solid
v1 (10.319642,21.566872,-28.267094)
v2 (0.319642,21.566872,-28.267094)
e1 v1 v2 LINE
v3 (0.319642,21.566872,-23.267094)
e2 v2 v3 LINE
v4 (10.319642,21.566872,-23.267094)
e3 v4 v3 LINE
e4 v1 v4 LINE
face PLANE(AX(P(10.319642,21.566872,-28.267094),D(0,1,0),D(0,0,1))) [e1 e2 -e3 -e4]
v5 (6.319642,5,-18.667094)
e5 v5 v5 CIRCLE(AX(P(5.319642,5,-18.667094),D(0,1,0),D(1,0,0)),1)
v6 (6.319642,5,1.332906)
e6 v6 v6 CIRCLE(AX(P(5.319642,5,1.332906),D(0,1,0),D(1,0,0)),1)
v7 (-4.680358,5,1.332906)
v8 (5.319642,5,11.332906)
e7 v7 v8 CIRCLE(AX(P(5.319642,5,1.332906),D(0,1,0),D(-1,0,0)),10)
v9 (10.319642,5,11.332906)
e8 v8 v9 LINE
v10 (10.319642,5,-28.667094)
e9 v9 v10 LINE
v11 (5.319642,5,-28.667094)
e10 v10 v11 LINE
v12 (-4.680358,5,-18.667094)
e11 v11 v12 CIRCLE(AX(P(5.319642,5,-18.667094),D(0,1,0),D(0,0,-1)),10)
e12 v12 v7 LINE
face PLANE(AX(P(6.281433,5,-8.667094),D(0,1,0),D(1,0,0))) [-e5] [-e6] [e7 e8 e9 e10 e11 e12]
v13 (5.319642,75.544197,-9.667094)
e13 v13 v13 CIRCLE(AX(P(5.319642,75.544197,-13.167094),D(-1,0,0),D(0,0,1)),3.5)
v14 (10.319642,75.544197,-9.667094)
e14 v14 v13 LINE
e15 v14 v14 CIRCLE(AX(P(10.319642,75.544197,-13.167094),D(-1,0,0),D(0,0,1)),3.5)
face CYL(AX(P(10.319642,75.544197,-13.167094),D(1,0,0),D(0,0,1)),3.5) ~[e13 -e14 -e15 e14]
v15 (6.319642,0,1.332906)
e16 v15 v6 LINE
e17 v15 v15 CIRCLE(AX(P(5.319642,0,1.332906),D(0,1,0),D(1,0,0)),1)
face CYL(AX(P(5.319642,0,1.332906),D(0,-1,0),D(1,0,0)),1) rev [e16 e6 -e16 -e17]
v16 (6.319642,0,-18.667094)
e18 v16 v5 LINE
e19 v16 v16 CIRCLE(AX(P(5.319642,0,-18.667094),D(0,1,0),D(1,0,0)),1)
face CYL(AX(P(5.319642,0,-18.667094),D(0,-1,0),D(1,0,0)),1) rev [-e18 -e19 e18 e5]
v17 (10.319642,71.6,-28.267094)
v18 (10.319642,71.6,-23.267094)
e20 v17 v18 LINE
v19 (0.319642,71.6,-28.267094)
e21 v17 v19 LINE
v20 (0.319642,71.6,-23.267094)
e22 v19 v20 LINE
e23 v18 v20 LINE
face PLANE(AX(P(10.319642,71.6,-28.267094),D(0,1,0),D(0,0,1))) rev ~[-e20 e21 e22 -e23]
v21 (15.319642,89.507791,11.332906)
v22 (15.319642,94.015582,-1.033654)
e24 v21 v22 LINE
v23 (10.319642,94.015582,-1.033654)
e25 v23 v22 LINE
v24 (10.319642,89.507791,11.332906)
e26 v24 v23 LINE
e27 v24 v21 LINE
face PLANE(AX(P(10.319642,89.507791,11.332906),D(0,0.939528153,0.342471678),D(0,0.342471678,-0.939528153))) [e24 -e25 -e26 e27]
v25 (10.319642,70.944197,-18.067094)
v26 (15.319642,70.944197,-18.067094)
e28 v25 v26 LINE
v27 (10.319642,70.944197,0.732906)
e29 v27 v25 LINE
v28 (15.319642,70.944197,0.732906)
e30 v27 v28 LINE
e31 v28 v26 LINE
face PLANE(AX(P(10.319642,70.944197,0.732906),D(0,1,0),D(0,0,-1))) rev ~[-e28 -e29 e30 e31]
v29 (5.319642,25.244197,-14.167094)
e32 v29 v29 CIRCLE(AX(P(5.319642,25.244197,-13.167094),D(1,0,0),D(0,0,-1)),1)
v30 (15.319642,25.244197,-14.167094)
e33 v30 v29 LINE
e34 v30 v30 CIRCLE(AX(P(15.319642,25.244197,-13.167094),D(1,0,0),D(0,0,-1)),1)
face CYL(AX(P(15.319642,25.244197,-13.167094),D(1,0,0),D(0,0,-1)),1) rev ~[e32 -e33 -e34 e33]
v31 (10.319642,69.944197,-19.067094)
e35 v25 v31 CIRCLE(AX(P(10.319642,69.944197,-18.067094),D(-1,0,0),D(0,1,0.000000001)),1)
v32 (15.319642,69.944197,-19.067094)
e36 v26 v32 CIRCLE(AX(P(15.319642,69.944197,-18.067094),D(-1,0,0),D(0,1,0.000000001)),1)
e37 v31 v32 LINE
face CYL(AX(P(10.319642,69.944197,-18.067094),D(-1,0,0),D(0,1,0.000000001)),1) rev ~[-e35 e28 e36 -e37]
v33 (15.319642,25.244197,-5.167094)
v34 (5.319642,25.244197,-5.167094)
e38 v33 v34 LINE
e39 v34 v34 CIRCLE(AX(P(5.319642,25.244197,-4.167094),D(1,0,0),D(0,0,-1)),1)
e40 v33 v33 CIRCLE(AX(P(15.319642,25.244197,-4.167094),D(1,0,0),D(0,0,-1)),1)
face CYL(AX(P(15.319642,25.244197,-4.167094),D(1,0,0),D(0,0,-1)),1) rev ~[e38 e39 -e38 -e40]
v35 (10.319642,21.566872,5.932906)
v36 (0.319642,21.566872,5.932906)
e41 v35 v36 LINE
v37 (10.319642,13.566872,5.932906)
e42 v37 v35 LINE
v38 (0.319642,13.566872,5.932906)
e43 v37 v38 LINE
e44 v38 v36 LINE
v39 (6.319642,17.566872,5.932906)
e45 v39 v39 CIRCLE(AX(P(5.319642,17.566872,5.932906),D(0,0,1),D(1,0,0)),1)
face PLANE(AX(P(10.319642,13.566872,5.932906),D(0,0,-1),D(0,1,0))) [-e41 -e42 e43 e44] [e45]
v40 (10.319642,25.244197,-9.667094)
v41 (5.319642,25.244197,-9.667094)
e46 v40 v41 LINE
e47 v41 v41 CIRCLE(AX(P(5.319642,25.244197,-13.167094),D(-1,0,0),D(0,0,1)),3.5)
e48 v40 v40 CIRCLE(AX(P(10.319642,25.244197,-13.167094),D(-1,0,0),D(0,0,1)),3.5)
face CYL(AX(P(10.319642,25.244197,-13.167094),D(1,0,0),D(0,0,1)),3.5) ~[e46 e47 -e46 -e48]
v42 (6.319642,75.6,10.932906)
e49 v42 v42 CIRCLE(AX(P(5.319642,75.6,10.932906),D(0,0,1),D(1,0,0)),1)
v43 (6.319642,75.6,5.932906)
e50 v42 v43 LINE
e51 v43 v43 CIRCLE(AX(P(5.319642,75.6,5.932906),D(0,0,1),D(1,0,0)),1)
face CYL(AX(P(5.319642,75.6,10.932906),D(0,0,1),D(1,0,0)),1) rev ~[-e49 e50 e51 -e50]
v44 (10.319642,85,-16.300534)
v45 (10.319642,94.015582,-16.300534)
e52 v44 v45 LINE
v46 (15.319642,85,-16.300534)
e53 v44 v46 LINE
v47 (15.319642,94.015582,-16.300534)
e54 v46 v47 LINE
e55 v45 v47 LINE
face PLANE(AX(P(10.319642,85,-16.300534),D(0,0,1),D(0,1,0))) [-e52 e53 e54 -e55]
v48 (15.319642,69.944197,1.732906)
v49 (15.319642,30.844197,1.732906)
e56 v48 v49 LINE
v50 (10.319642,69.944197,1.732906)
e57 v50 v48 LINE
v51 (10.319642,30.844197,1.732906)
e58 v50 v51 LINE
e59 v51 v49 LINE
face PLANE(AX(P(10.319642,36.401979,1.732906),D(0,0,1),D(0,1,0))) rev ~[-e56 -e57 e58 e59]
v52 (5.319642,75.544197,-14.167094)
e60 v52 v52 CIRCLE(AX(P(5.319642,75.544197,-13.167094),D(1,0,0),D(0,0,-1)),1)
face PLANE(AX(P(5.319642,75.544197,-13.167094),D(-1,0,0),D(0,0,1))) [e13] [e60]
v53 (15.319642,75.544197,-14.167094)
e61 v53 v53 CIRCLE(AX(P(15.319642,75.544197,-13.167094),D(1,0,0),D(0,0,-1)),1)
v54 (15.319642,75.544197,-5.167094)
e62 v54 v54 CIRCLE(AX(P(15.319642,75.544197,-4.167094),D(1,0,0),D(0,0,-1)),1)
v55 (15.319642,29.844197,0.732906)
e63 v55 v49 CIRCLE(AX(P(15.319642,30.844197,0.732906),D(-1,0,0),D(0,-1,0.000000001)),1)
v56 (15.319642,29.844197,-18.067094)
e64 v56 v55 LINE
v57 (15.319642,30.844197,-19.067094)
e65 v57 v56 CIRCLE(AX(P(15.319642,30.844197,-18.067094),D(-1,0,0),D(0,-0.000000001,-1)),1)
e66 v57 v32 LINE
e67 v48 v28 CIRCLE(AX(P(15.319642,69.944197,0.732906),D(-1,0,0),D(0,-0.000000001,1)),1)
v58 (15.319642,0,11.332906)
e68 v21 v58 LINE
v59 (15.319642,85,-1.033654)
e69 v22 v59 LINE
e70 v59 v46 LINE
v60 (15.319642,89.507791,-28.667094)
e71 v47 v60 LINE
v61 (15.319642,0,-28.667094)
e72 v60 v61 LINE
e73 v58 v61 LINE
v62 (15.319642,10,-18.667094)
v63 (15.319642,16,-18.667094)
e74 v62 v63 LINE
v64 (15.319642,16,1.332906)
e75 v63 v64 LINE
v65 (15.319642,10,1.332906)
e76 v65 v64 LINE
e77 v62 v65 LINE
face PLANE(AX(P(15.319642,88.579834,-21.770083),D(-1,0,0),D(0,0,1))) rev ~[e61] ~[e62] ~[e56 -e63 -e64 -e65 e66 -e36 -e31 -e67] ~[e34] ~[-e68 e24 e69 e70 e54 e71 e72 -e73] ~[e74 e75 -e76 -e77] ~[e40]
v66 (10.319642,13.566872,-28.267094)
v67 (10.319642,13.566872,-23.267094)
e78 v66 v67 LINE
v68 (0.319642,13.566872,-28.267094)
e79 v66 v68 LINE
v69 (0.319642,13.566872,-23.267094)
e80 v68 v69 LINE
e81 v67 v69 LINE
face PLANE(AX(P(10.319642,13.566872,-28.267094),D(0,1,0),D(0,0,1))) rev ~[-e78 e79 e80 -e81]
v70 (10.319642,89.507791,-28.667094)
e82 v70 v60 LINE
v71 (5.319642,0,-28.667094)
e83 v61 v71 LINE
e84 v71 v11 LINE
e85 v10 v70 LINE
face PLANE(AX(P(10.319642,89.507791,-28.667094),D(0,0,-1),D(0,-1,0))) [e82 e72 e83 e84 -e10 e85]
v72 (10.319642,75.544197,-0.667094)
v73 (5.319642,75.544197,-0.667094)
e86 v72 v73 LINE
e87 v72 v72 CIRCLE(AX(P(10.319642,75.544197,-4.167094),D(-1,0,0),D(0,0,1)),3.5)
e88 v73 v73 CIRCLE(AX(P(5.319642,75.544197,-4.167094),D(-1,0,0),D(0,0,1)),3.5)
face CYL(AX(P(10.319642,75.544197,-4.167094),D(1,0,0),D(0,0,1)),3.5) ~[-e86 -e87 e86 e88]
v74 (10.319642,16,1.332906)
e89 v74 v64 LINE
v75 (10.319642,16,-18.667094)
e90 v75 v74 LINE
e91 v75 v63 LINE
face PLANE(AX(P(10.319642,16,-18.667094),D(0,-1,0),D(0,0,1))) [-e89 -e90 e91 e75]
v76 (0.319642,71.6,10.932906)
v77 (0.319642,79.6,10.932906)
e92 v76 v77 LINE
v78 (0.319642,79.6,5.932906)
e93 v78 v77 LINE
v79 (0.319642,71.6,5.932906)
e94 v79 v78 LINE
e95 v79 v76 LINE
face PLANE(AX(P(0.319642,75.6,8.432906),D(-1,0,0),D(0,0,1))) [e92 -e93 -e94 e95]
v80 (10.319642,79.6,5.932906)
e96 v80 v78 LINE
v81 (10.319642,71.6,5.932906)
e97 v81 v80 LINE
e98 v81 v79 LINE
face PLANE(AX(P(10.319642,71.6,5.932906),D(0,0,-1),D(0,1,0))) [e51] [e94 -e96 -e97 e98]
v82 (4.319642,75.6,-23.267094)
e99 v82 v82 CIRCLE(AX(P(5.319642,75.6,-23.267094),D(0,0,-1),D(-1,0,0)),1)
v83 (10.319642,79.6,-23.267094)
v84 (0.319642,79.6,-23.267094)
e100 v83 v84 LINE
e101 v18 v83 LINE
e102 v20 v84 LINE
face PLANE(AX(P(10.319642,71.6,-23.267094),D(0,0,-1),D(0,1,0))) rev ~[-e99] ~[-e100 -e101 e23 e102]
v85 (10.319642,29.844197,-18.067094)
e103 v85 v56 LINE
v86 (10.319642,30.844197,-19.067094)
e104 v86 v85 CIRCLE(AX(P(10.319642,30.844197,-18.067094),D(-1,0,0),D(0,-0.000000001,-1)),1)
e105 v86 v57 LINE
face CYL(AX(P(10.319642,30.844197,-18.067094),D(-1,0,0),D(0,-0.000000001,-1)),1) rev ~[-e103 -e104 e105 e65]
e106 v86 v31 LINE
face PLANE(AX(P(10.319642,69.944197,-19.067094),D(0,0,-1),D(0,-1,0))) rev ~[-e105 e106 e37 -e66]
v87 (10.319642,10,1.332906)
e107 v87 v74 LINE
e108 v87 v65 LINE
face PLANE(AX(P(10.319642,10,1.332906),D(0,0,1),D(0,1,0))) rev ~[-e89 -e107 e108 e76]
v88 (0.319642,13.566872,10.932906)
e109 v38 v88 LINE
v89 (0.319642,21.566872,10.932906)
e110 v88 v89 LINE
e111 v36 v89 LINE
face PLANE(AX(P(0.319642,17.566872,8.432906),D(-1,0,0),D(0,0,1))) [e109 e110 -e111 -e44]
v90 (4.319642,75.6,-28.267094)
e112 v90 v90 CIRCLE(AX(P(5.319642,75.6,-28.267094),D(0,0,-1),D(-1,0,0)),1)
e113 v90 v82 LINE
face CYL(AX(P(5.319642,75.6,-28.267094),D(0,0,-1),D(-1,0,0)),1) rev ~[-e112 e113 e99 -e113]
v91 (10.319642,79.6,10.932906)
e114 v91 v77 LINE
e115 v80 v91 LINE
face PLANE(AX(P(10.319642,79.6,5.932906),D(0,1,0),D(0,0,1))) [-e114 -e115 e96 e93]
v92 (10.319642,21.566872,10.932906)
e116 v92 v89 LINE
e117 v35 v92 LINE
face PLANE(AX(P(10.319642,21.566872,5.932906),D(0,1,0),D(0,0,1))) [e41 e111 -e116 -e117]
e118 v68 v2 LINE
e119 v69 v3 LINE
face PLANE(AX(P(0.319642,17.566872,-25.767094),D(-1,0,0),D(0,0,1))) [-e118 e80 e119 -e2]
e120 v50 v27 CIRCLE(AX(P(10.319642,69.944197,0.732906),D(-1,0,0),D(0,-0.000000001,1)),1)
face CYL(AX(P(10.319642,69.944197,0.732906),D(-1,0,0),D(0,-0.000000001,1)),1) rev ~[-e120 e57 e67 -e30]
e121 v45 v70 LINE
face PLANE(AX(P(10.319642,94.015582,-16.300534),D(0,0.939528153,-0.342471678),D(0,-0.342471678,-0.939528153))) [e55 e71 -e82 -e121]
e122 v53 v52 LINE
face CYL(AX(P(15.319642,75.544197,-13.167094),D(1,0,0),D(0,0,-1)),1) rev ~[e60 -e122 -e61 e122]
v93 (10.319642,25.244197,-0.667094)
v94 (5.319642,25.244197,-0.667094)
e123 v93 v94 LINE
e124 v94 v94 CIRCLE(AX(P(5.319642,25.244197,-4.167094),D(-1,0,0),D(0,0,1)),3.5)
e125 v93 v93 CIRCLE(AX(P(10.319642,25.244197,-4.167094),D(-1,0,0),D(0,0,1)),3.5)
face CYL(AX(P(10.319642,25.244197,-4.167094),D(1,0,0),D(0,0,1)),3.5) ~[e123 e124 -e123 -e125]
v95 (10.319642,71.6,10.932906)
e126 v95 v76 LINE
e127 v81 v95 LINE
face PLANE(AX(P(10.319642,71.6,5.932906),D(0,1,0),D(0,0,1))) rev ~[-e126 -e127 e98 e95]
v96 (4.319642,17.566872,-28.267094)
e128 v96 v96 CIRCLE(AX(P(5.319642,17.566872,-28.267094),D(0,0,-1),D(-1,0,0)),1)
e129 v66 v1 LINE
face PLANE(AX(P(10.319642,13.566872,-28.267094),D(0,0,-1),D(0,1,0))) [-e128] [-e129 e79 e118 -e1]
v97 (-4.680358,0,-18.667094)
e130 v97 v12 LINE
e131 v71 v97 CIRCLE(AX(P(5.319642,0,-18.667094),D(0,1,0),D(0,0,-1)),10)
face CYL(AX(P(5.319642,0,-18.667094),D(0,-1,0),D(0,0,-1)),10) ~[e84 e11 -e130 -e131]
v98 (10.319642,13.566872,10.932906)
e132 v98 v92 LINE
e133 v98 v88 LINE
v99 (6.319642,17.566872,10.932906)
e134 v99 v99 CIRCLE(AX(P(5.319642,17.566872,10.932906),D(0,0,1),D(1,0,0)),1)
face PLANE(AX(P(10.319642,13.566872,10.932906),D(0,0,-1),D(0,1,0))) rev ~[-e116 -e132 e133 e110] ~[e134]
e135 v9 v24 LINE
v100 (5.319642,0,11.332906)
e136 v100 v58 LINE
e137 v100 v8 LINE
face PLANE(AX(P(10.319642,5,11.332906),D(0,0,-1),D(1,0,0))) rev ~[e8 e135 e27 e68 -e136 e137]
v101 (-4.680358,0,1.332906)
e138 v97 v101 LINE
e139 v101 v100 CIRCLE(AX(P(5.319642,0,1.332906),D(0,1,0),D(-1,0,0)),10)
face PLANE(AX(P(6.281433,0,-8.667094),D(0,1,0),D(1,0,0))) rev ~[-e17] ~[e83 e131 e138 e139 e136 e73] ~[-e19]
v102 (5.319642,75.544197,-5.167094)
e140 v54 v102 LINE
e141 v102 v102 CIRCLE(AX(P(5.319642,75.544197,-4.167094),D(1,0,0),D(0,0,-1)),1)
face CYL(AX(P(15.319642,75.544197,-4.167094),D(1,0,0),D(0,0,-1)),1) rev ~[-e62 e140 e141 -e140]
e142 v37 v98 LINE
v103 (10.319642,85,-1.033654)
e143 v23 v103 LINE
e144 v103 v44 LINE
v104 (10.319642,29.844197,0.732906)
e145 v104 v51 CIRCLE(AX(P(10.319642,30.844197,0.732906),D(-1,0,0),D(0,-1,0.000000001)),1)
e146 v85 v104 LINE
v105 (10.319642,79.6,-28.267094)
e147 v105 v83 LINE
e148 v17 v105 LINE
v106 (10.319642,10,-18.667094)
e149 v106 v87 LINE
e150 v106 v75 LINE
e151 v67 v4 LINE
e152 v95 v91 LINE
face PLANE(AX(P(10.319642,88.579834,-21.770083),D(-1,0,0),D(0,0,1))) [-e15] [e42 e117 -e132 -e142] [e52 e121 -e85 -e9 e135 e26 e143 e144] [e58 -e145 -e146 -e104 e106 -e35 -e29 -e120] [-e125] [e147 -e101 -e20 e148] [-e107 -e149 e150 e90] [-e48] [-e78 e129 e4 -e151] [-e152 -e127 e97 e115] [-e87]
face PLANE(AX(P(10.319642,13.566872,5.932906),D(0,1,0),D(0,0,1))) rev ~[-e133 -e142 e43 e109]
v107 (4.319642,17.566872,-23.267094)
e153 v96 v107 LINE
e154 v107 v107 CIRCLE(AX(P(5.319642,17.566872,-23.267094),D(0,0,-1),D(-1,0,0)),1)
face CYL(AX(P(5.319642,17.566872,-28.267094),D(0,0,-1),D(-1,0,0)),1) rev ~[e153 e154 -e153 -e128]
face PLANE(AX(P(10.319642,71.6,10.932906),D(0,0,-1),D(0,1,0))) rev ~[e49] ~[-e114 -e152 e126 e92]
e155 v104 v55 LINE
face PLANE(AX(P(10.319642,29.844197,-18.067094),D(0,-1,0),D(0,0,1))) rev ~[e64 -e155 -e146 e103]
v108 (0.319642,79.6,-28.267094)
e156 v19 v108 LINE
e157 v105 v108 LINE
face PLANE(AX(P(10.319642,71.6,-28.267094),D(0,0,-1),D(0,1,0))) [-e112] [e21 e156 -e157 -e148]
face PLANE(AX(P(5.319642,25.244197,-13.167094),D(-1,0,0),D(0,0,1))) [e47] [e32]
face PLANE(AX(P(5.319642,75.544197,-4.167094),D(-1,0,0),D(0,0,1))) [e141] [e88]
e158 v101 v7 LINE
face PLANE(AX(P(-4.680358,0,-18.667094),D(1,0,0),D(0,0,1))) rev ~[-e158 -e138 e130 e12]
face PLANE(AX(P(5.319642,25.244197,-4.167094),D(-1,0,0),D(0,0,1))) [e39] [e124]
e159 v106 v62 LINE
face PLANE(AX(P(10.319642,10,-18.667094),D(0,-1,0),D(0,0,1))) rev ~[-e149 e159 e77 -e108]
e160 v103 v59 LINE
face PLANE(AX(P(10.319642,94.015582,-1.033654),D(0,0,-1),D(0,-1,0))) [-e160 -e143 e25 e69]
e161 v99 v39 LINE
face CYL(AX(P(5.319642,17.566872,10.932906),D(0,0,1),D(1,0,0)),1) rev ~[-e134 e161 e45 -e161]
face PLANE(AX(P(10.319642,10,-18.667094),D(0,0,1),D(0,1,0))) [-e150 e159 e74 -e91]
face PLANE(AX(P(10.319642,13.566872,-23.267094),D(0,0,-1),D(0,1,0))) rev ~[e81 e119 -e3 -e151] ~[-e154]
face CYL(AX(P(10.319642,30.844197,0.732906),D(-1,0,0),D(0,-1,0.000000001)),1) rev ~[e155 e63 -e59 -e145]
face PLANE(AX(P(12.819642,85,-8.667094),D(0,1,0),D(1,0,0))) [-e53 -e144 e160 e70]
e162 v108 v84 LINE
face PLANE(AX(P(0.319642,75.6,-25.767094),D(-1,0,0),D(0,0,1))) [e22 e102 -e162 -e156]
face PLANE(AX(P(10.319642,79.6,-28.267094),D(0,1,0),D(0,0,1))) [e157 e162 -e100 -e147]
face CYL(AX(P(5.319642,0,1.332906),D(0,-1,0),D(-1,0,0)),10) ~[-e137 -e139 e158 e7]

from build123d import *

# Parameters (mm, degrees)
SKETCH1_R           = 1
BOSS_EXTRUDE1_DEPTH = 5
SKETCH2_W           = 5
SKETCH2_H           = 40
BOSS_EXTRUDE2_DEPTH = 80
SKETCH3_R           = 2.22
CUT_EXTRUDE3_DEPTH  = 80
SKETCH5_R           = 2.22
SKETCH5_R_2         = 1
BOSS_EXTRUDE3_DEPTH = 10
SKETCH6_R           = 3.5
SKETCH6_R_2         = 2.22
BOSS_EXTRUDE4_DEPTH = 5
SKETCH7_W           = 18.8
SKETCH7_H           = 4.557781783
CUT_EXTRUDE4_DEPTH  = 10
BOSS_EXTRUDE5_DEPTH = 5
SKETCH9_W           = 20
SKETCH9_H           = 6
CUT_EXTRUDE7_DEPTH  = 10
SKETCH10_W          = 5
SKETCH10_H          = 8
BOSS_EXTRUDE6_DEPTH = 10
SKETCH11_R          = 1
CUT_EXTRUDE9_DEPTH  = 8
SKETCH12_R          = 1
CUT_EXTRUDE10_DEPTH = 8


with BuildPart() as part:
    # Sketch1 → Boss-Extrude1 (new body)
    with BuildSketch(Plane(origin=(0, 0, 0), x_dir=(1, 0, 0), z_dir=(0, 1, 0))):
        with BuildLine():
            Line((5.319641756, -11.332905968), (15.319641756, -11.332905968))
            Line((15.319641756, -11.332905968), (15.319641756, 28.667094032))
            Line((15.319641756, 28.667094032), (5.319641756, 28.667094032))
            ThreePointArc((5.319641756, 28.667094032), (-1.751426056, 25.738161844), (-4.680358244, 18.667094032))
            Line((-4.680358244, 18.667094032), (-4.680358244, -1.332905968))
            ThreePointArc((-4.680358244, -1.332905968), (-1.751426056, -8.40397378), (5.319641756, -11.332905968))
        make_face()
        with Locations((5.319641756, 18.667094032)):
            Circle(SKETCH1_R, mode=Mode.SUBTRACT)
        with Locations((5.319641756, -1.332905968)):
            Circle(SKETCH1_R, mode=Mode.SUBTRACT)
    extrude(amount=BOSS_EXTRUDE1_DEPTH)

    # Sketch2 → Boss-Extrude2 (add)
    with BuildSketch(Plane(origin=(0, 5, 0), x_dir=(1, 0, 0), z_dir=(0, 1, 0))):
        with Locations((12.819641756, 8.667094032)):
            Rectangle(SKETCH2_W, SKETCH2_H)
    extrude(amount=BOSS_EXTRUDE2_DEPTH)

    # Sketch3 → Cut-Extrude3 (cut)
    with BuildSketch(Plane.ZY.offset(-10.319641756)):
        with BuildLine():
            ThreePointArc((0.732905968, 35.401978793), (1.440012749, 35.694872012), (1.732905968, 36.401978793))
            Line((1.732905968, 36.401978793), (1.732905968, 69.94419701))
            ThreePointArc((1.732905968, 69.94419701), (1.440012749, 70.651303792), (0.732905968, 70.94419701))
            Line((0.732905968, 70.94419701), (-18.067094032, 70.94419701))
            ThreePointArc((-18.067094032, 70.94419701), (-18.774200813, 70.651303792), (-19.067094032, 69.94419701))
            Line((-19.067094032, 69.94419701), (-19.067094032, 36.401978793))
            ThreePointArc((-19.067094032, 36.401978793), (-18.774200813, 35.694872012), (-18.067094032, 35.401978793))
            Line((-18.067094032, 35.401978793), (0.732905968, 35.401978793))
        make_face()
        with Locations((-13.167094032, 75.54419701)):
            Circle(SKETCH3_R)
        with Locations((-13.167094032, 25.24419701)):
            Circle(SKETCH3_R)
        with Locations((-4.167094032, 25.24419701)):
            Circle(SKETCH3_R)
        with Locations((-4.167094032, 75.54419701)):
            Circle(SKETCH3_R)
    extrude(amount=-CUT_EXTRUDE3_DEPTH, mode=Mode.SUBTRACT)

    # Sketch5 → Boss-Extrude3 (add)
    with BuildSketch(Plane(origin=(15.319641756, 0, 0), x_dir=(0, 0, -1), z_dir=(1, 0, 0))):
        with Locations((4.167094032, 25.24419701)):
            Circle(SKETCH5_R)
        with Locations((4.167094032, 25.24419701)):
            Circle(SKETCH5_R_2, mode=Mode.SUBTRACT)
        with Locations((13.167094032, 25.24419701)):
            Circle(SKETCH5_R)
        with Locations((13.167094032, 25.24419701)):
            Circle(SKETCH5_R_2, mode=Mode.SUBTRACT)
        with Locations((4.167094032, 75.54419701)):
            Circle(SKETCH5_R)
        with Locations((4.167094032, 75.54419701)):
            Circle(SKETCH5_R_2, mode=Mode.SUBTRACT)
        with Locations((13.167094032, 75.54419701)):
            Circle(SKETCH5_R)
        with Locations((13.167094032, 75.54419701)):
            Circle(SKETCH5_R_2, mode=Mode.SUBTRACT)
    extrude(amount=-BOSS_EXTRUDE3_DEPTH)

    # Sketch6 → Boss-Extrude4 (add)
    with BuildSketch(Plane.ZY.offset(-10.319641756)):
        with Locations((-4.167094032, 25.24419701)):
            Circle(SKETCH6_R)
        with Locations((-4.167094032, 25.24419701)):
            Circle(SKETCH6_R_2, mode=Mode.SUBTRACT)
        with Locations((-13.167094032, 25.24419701)):
            Circle(SKETCH6_R)
        with Locations((-13.167094032, 25.24419701)):
            Circle(SKETCH6_R_2, mode=Mode.SUBTRACT)
        with Locations((-4.167094032, 75.54419701)):
            Circle(SKETCH6_R)
        with Locations((-4.167094032, 75.54419701)):
            Circle(SKETCH6_R_2, mode=Mode.SUBTRACT)
        with Locations((-13.167094032, 75.54419701)):
            Circle(SKETCH6_R)
        with Locations((-13.167094032, 75.54419701)):
            Circle(SKETCH6_R_2, mode=Mode.SUBTRACT)
    extrude(amount=BOSS_EXTRUDE4_DEPTH)

    # Sketch7 → Cut-Extrude4 (cut)
    with BuildSketch(Plane.ZY.offset(-10.319641756)):
        with BuildLine():
            ThreePointArc((1.732905968, 36.401978793), (1.627333159, 35.954765198), (1.332905968, 35.601978793))
            Line((1.332905968, 35.601978793), (1.332905968, 30.84419701))
            ThreePointArc((1.332905968, 30.84419701), (1.157170037, 30.419932942), (0.732905968, 30.24419701))
            Line((0.732905968, 30.24419701), (-18.067094032, 30.24419701))
            ThreePointArc((-18.067094032, 30.24419701), (-18.491358101, 30.419932942), (-18.667094032, 30.84419701))
            Line((-18.667094032, 30.84419701), (-18.667094032, 35.601978793))
            ThreePointArc((-18.667094032, 35.601978793), (-18.961521223, 35.954765198), (-19.067094032, 36.401978793))
            Line((-19.067094032, 36.401978793), (-19.067094032, 30.84419701))
            ThreePointArc((-19.067094032, 30.84419701), (-18.774200813, 30.137090229), (-18.067094032, 29.84419701))
            Line((-18.067094032, 29.84419701), (0.732905968, 29.84419701))
            ThreePointArc((0.732905968, 29.84419701), (1.440012749, 30.137090229), (1.732905968, 30.84419701))
            Line((1.732905968, 30.84419701), (1.732905968, 36.401978793))
        make_face()
        with BuildLine():
            Line((1.332905968, 30.84419701), (1.332905968, 35.601978793))
            ThreePointArc((1.332905968, 35.601978793), (1.049133734, 35.453295495), (0.732905968, 35.401978793))
            Line((0.732905968, 35.401978793), (0.732905968, 30.84419701))
            Line((0.732905968, 30.84419701), (-18.067094032, 30.84419701))
            Line((-18.067094032, 30.84419701), (-18.067094032, 35.401978793))
            ThreePointArc((-18.067094032, 35.401978793), (-18.383321798, 35.453295495), (-18.667094032, 35.601978793))
            Line((-18.667094032, 35.601978793), (-18.667094032, 30.84419701))
            ThreePointArc((-18.667094032, 30.84419701), (-18.491358101, 30.419932942), (-18.067094032, 30.24419701))
            Line((-18.067094032, 30.24419701), (0.732905968, 30.24419701))
            ThreePointArc((0.732905968, 30.24419701), (1.157170037, 30.419932942), (1.332905968, 30.84419701))
        make_face()
        with Locations((-8.667094032, 33.123087901)):
            Rectangle(SKETCH7_W, SKETCH7_H)
    extrude(amount=-CUT_EXTRUDE4_DEPTH, mode=Mode.SUBTRACT)

    # Sketch8 → Boss-Extrude5 (add, through all)
    with BuildSketch(Plane.ZY.offset(-10.319641756)):
        Polygon((-28.667094032, 89.50779106), (-28.667094032, 85), (-16.300533883, 85), (-16.300533883, 94.015582119), align=None)
        Polygon((-1.033654181, 94.015582119), (-1.033654181, 85), (11.332905968, 85), (11.332905968, 89.50779106), align=None)
    extrude(amount=-BOSS_EXTRUDE5_DEPTH)

    # Sketch9 → Cut-Extrude7 (cut)
    with BuildSketch(Plane.ZY.offset(-10.319641756)):
        with Locations((-8.667094032, 13)):
            Rectangle(SKETCH9_W, SKETCH9_H)
    extrude(amount=-CUT_EXTRUDE7_DEPTH, mode=Mode.SUBTRACT)

    # Sketch10 → Boss-Extrude6 (add)
    with BuildSketch(Plane.ZY.offset(-10.319641756)):
        with Locations((-25.767094032, 17.566871705)):
            Rectangle(SKETCH10_W, SKETCH10_H)
        with Locations((8.432905968, 17.566871705)):
            Rectangle(SKETCH10_W, SKETCH10_H)
        with Locations((8.432905968, 75.6)):
            Rectangle(SKETCH10_W, SKETCH10_H)
        with Locations((-25.767094032, 75.6)):
            Rectangle(SKETCH10_W, SKETCH10_H)
    extrude(amount=BOSS_EXTRUDE6_DEPTH)

    # Sketch11 → Cut-Extrude9 (cut)
    with BuildSketch(Plane.XY.offset(10.932905968)):
        with Locations((5.319641756, 17.566871705)):
            Circle(SKETCH11_R)
        with Locations((5.319641756, 75.6)):
            Circle(SKETCH11_R)
    extrude(amount=-CUT_EXTRUDE9_DEPTH, mode=Mode.SUBTRACT)

    # Sketch12 → Cut-Extrude10 (cut)
    with BuildSketch(Plane(origin=(0, 0, -28.267094032), x_dir=(-1, 0, 0), z_dir=(0, 0, -1))):
        with Locations((-5.319641756, 75.6)):
            Circle(SKETCH12_R)
        with Locations((-5.319641756, 17.566871705)):
            Circle(SKETCH12_R)
    extrude(amount=-CUT_EXTRUDE10_DEPTH, mode=Mode.SUBTRACT)


solid = part.part
